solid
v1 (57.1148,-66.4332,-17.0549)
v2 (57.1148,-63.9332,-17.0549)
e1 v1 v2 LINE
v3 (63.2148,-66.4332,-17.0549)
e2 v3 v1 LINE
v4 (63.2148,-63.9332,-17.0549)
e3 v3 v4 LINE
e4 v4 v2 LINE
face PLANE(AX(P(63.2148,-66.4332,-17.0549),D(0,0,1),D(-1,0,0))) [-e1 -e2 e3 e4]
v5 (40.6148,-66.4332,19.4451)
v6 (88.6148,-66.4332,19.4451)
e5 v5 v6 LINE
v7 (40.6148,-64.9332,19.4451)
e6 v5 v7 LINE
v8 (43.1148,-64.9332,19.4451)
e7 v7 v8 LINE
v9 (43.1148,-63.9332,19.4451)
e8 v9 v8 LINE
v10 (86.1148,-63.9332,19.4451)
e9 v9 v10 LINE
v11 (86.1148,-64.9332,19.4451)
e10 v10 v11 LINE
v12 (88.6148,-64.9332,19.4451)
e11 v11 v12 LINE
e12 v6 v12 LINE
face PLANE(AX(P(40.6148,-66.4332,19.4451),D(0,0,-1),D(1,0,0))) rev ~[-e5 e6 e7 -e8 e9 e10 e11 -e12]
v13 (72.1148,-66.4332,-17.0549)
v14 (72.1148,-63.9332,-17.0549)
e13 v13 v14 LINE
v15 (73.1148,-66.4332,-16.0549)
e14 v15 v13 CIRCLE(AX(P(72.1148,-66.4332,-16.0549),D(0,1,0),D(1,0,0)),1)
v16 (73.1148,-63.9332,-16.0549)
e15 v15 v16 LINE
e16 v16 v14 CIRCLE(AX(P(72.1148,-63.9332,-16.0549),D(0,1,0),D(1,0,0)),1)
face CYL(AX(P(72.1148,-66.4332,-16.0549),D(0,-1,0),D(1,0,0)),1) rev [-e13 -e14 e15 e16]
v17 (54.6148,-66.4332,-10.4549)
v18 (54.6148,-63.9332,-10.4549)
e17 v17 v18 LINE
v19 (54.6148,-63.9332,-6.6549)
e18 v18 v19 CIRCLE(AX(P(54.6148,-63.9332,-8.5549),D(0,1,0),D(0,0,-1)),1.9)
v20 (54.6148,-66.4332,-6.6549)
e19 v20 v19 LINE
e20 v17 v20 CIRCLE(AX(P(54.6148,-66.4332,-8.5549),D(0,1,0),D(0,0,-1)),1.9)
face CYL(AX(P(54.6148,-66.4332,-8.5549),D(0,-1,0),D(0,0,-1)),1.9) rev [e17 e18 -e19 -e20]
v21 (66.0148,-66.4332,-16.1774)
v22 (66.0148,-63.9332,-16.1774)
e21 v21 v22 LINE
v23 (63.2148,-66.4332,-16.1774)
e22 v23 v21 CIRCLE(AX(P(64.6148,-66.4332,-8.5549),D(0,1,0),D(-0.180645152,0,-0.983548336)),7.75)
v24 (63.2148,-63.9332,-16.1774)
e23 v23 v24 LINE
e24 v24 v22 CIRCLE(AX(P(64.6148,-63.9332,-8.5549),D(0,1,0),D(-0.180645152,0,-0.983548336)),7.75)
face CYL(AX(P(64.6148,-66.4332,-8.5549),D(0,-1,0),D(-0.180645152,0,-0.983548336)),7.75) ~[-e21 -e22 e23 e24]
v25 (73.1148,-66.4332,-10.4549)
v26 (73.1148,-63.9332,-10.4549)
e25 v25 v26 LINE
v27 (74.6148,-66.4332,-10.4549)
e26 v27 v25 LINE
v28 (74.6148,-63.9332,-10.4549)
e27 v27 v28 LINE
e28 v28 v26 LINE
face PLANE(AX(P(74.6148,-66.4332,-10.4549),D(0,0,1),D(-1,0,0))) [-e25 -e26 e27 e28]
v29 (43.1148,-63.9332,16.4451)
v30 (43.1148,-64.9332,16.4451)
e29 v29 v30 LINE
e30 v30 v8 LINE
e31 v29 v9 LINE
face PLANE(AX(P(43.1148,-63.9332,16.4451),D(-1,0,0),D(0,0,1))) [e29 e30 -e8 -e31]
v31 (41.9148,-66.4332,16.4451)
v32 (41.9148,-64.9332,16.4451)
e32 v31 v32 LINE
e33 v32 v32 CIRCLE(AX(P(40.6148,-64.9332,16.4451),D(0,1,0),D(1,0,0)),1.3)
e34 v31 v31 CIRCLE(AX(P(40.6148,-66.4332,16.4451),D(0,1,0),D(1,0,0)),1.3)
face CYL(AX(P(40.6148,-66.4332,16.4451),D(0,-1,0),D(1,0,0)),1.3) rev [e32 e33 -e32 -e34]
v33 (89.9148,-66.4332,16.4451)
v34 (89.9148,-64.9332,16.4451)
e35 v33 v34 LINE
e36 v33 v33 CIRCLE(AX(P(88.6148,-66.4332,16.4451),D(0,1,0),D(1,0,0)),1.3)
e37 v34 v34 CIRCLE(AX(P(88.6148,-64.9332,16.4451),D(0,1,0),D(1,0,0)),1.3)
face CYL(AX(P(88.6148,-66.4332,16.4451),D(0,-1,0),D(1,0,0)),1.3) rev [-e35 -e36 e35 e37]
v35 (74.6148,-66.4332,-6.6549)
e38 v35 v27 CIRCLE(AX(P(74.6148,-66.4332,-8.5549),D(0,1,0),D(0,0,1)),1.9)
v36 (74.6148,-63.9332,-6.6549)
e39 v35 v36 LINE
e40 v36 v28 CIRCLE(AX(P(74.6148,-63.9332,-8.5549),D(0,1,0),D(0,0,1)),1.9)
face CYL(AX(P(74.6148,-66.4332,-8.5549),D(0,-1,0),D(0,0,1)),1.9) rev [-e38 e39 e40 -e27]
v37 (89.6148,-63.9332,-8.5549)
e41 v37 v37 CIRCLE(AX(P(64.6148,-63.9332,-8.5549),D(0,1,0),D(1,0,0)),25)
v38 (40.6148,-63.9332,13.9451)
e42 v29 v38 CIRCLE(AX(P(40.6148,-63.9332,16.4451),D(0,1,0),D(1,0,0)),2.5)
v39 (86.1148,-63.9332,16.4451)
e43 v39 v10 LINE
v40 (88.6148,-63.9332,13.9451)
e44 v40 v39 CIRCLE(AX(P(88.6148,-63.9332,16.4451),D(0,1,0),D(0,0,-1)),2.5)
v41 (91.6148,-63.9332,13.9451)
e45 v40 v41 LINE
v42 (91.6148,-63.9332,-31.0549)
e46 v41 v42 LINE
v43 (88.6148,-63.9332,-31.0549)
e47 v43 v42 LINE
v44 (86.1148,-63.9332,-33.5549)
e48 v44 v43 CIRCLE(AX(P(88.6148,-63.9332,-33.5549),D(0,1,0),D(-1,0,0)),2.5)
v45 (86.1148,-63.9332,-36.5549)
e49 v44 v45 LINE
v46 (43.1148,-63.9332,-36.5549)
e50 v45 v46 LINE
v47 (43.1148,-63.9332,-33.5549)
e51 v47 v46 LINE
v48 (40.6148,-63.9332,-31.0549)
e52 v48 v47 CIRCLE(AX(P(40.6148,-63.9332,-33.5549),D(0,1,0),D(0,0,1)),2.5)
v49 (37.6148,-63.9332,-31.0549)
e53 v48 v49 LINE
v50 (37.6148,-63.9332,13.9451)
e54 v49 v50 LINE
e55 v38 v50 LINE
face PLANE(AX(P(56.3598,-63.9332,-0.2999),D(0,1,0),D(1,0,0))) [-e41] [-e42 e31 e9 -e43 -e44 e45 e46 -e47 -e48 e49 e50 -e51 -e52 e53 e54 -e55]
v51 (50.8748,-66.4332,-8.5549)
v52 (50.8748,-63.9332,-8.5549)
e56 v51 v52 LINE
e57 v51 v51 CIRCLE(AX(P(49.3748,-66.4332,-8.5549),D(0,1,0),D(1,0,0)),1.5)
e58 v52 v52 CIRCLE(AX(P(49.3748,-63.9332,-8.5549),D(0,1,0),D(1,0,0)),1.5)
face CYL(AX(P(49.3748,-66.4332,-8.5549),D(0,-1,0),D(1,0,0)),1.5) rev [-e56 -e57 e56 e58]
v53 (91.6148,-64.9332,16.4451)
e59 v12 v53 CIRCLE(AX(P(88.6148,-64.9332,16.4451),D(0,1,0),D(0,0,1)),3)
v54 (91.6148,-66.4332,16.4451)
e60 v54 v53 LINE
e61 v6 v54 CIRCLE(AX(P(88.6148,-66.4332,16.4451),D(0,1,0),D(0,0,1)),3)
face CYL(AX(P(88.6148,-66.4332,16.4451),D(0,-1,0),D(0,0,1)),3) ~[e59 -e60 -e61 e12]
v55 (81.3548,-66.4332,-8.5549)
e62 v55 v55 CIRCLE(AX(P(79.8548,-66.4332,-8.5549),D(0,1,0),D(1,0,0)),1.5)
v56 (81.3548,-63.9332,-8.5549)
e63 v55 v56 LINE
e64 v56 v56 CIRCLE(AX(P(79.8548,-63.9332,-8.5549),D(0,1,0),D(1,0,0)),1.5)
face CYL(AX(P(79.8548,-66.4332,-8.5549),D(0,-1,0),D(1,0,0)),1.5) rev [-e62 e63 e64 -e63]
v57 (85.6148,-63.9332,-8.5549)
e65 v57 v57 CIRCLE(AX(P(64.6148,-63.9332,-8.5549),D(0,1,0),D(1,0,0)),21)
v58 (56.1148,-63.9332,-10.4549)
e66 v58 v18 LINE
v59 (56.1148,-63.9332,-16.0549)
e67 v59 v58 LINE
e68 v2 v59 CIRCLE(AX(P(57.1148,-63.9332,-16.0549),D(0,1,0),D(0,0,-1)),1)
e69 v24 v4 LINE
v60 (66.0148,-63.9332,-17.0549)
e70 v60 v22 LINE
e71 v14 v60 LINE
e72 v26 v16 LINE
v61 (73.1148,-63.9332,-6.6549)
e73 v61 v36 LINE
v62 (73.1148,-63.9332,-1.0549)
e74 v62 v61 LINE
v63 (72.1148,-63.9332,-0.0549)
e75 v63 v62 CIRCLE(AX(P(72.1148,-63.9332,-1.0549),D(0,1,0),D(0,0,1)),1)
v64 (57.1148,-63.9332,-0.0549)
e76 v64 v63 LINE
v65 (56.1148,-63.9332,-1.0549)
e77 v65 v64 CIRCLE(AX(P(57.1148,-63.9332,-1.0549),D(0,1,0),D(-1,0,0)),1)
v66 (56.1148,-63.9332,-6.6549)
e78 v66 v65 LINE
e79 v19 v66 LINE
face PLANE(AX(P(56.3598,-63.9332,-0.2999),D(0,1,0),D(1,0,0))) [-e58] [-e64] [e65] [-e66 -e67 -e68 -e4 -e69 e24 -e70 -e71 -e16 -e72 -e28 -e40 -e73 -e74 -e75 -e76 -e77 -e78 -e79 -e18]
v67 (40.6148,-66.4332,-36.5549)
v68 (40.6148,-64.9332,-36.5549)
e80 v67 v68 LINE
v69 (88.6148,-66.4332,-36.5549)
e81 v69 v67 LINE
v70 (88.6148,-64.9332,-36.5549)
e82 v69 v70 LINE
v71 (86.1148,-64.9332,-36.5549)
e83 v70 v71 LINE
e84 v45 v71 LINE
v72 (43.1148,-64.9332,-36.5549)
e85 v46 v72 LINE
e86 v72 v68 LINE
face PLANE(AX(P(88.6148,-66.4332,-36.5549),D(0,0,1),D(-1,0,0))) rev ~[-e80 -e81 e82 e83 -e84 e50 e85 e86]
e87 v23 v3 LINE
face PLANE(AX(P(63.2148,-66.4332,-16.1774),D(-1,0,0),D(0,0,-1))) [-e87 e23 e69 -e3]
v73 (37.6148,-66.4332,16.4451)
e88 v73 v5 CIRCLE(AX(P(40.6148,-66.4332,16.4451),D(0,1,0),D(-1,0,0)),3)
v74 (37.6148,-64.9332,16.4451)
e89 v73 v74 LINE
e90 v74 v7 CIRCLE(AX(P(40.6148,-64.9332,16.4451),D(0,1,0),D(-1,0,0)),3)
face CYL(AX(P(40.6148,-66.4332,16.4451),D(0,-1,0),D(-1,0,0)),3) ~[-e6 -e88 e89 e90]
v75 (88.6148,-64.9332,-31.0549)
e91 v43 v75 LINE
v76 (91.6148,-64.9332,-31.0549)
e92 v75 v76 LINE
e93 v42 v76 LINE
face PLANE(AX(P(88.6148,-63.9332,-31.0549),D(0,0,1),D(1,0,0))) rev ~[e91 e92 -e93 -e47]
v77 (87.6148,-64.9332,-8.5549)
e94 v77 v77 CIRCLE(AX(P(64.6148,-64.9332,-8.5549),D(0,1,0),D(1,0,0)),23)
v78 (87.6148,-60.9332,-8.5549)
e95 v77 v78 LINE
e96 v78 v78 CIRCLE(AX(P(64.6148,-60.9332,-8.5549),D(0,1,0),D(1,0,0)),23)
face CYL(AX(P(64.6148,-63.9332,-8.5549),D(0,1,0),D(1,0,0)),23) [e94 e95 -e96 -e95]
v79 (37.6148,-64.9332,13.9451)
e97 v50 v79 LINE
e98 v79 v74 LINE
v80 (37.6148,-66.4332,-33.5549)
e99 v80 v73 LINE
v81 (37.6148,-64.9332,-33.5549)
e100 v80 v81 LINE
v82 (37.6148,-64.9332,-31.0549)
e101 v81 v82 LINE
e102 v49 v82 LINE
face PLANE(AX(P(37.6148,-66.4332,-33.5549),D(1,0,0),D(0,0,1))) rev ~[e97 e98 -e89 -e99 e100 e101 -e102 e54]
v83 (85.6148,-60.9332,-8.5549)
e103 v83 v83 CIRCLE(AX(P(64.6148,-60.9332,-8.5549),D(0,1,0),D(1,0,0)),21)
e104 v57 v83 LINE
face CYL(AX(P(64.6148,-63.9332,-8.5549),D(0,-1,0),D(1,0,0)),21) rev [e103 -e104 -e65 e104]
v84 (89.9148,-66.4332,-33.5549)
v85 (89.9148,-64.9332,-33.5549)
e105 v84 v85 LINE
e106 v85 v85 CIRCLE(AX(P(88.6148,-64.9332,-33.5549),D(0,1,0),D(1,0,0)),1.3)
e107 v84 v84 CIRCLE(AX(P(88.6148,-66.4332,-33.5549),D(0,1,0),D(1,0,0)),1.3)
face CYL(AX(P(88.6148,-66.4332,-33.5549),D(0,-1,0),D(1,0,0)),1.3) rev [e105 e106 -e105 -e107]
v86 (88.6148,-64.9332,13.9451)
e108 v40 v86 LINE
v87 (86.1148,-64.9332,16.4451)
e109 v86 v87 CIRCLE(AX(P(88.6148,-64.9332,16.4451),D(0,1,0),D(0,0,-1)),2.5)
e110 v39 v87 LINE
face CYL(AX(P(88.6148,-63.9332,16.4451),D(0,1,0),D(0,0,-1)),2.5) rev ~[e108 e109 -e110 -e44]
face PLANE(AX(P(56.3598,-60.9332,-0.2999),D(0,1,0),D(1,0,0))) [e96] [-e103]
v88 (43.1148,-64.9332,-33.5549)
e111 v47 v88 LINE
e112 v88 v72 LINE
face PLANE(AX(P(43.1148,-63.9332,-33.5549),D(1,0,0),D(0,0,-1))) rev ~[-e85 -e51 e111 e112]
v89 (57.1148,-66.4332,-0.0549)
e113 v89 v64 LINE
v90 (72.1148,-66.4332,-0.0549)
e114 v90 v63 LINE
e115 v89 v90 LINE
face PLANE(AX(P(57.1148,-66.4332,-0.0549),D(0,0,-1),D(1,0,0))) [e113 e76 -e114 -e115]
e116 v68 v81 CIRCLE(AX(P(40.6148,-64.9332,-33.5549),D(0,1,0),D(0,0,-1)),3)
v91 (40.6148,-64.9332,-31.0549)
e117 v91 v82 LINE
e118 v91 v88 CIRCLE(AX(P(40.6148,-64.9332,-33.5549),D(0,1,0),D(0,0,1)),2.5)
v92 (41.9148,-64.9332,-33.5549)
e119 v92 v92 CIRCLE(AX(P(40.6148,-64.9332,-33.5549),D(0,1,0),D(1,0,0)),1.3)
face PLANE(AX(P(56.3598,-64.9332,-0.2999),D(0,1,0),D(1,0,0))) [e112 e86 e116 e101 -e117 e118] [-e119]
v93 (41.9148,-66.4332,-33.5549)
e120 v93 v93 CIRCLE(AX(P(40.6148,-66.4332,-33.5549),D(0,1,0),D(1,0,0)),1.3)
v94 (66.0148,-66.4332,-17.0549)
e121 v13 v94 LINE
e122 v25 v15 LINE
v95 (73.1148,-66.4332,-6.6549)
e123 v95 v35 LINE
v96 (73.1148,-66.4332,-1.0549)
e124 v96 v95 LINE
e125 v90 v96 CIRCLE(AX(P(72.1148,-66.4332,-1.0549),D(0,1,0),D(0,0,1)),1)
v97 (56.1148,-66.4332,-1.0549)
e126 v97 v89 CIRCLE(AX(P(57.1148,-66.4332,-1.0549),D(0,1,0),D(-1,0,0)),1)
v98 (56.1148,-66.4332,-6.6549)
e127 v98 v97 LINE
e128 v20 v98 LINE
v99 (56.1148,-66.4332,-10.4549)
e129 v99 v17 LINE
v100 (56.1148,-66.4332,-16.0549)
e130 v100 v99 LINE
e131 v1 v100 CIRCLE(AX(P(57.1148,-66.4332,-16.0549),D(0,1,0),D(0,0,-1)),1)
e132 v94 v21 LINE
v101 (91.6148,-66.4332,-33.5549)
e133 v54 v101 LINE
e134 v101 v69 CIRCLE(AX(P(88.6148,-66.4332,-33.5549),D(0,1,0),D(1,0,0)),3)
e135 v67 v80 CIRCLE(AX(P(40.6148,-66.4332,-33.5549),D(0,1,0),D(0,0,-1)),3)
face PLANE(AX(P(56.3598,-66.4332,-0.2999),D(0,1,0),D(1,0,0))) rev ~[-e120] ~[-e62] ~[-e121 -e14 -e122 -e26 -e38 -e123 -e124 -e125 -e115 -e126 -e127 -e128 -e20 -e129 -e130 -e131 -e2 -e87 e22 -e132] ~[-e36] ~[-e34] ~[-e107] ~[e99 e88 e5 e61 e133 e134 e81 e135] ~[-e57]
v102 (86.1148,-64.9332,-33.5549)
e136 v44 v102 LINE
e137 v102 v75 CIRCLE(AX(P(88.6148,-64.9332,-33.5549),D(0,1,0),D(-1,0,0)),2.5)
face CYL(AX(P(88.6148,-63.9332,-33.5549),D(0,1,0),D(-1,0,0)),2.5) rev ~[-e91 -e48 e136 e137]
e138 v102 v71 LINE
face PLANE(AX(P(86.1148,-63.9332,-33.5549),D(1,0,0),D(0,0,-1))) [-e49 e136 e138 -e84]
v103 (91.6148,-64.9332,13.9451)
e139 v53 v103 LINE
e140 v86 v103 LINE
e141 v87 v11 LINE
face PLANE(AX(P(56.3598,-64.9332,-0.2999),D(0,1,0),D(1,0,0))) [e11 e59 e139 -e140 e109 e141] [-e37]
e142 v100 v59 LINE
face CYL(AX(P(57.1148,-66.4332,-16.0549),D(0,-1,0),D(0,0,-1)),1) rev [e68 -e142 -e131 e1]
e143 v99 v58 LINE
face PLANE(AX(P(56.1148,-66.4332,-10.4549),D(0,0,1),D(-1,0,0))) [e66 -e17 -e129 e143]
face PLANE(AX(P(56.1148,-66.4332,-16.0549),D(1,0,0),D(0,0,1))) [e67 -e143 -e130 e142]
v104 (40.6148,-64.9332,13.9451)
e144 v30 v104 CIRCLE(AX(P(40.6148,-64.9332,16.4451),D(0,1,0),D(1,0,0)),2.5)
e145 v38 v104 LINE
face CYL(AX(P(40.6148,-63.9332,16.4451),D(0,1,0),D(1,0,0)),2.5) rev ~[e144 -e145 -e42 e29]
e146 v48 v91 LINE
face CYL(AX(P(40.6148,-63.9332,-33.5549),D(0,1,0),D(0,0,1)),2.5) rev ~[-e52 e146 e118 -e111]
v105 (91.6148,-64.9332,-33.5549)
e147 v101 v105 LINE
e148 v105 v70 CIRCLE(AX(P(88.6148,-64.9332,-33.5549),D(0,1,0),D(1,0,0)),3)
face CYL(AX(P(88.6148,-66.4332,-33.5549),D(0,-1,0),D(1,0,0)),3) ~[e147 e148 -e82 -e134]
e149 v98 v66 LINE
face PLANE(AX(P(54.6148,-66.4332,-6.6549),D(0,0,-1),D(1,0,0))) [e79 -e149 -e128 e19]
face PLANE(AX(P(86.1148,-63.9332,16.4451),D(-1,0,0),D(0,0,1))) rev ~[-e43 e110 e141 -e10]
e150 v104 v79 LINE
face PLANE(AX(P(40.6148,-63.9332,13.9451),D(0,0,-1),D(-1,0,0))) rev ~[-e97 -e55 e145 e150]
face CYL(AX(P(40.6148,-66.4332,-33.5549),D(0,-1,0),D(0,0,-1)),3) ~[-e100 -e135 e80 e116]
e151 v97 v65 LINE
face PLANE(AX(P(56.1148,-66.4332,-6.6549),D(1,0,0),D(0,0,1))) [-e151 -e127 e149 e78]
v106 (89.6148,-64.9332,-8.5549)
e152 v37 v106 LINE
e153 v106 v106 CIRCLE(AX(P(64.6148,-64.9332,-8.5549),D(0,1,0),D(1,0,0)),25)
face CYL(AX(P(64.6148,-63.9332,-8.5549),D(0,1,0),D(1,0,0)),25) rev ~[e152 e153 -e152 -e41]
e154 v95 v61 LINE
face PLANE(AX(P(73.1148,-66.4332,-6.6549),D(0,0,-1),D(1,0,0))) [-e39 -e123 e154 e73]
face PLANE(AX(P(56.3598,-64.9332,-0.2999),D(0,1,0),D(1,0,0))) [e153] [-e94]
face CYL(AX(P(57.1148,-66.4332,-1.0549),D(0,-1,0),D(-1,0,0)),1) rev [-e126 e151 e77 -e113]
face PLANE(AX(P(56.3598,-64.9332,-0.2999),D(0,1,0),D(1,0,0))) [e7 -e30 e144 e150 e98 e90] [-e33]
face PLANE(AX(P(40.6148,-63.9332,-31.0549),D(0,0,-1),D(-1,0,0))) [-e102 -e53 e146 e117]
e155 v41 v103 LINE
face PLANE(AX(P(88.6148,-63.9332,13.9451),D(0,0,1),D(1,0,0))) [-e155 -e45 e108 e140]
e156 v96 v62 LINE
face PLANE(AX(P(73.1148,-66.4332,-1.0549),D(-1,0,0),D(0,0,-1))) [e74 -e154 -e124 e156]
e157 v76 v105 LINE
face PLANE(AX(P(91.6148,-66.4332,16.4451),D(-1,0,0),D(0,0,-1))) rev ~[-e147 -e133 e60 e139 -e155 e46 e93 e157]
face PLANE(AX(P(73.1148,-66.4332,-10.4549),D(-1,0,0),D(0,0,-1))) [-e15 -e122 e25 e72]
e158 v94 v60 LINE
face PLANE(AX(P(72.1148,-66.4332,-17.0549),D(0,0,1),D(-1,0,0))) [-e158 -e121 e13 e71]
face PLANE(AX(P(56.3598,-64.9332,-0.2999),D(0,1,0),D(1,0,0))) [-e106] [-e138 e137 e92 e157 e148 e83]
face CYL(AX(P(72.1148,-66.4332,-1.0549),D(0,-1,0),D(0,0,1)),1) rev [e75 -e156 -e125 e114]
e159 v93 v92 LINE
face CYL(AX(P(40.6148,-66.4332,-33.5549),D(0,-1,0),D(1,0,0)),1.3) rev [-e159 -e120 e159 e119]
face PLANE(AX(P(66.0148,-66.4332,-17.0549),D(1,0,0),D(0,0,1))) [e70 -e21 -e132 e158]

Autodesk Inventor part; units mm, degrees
ref_plane "YZ Plane" through (0, 0, 0) normal (1, 0, 0) x (0, 1, 0)
ref_plane "XZ Plane" through (0, 0, 0) normal (0, 1, 0) x (-1, 0, 0)
ref_plane "XY Plane" through (0, 0, 0) normal (0, 0, 1) x (1, 0, 0)
ref_plane "作業平面1" through (56.3598, -66.4332, -0.2999) normal (0, 1, 0) x (1, 0, 0)
sketch "スケッチ1" plane through (56.3598, -66.4332, -0.2999) normal (0, 1, 0) x (1, 0, 0)
  line L0 (9.655, 16.755) -> (9.655, 15.8775) projected
  arc A0 (6.855, 15.8775) -> (9.655, 15.8775) centre (8.255, 8.255) ccw projected
  line L1 (6.855, 15.8775) -> (6.855, 16.755) projected
  line L2 (6.855, 16.755) -> (0.755, 16.755) projected
  arc A1 (0.755, 16.755) -> (-0.245, 15.755) centre (0.755, 15.755) ccw projected
  line L3 (-0.245, 15.755) -> (-0.245, 10.155) projected
  line L4 (-0.245, 10.155) -> (-1.745, 10.155) projected
  arc A2 (-1.745, 10.155) -> (-1.745, 6.355) centre (-1.745, 8.255) ccw projected
  line L5 (-1.745, 6.355) -> (-0.245, 6.355) projected
  line L6 (-0.245, 6.355) -> (-0.245, 0.755) projected
  arc A3 (-0.245, 0.755) -> (0.755, -0.245) centre (0.755, 0.755) ccw projected
  line L7 (0.755, -0.245) -> (15.755, -0.245) projected
  arc A4 (15.755, -0.245) -> (16.755, 0.755) centre (15.755, 0.755) ccw projected
  line L8 (16.755, 0.755) -> (16.755, 6.355) projected
  line L9 (16.755, 6.355) -> (18.255, 6.355) projected
  arc A5 (18.255, 6.355) -> (18.255, 10.155) centre (18.255, 8.255) ccw projected
  line L10 (18.255, 10.155) -> (16.755, 10.155) projected
  line L11 (16.755, 10.155) -> (16.755, 15.755) projected
  arc A6 (16.755, 15.755) -> (15.755, 16.755) centre (15.755, 15.755) ccw projected
  line L12 (15.755, 16.755) -> (9.655, 16.755) projected
  circle A7 centre (-1.745, 8.255) radius 0.9 projected
  circle A8 centre (18.255, 8.255) radius 0.9 projected
  circle A9 centre (-6.985, 8.255) radius 1.5 projected
  circle A10 centre (23.495, 8.255) radius 1.5 projected
  line L13 (-15.745, -19.745) -> (32.255, -19.745)
  line L14 (35.255, -16.745) -> (35.255, 33.255)
  line L15 (32.255, 36.255) -> (-15.745, 36.255)
  line L16 (-18.745, 33.255) -> (-18.745, -16.745)
  line L17 (-18.745, -19.745) -> (35.255, 36.255) construction
  line L18 (35.255, -19.745) -> (-18.745, 36.255) construction
  line L19 (8.255, 36.255) -> (8.255, -19.745) construction
  line L20 (-18.745, 8.255) -> (35.255, 8.255) construction
  arc A11 (-15.745, 36.255) -> (-18.745, 33.255) centre (-15.745, 33.255) ccw
  arc A12 (35.255, 33.255) -> (32.255, 36.255) centre (32.255, 33.255) ccw
  arc A13 (32.255, -19.745) -> (35.255, -16.745) centre (32.255, -16.745) ccw
  arc A14 (-18.745, -16.745) -> (-15.745, -19.745) centre (-15.745, -16.745) ccw
  circle A15 centre (-15.745, 33.255) radius 1.3
  circle A16 centre (32.255, 33.255) radius 1.3
  circle A17 centre (-15.745, -16.745) radius 1.3
  circle A18 centre (32.255, -16.745) radius 1.3
  circle A19 centre (8.255, 8.255) radius 25
  line L21 (32.255, -16.745) -> (-15.745, -16.745) construction
  line L22 (-15.745, -16.745) -> (-15.745, 33.255) construction
  line L23 (-15.745, 33.255) -> (32.255, 33.255) construction
  line L24 (32.255, 33.255) -> (32.255, -16.745) construction
  line L25 (32.255, -16.745) -> (-15.745, 33.255) construction
  line L26 (-15.745, -16.745) -> (32.255, 33.255) construction
  point P0 (-56.3598, -0.2999)
  dimension "d0" = 3
  dimension "d2" = 54
  dimension "d3" = 2.6
  dimension "d4" = 50
  dimension "d7" = 48
  dimension "d8" = 50
  dimension "d9" = 56
extrude "押し出し1" add sketch "スケッチ1" along normal blind 2.5 contours A14 L16 A11 L15 A12 L14 A13 L13 | A19
sketch "スケッチ2" plane through (56.3598, -63.9332, -0.2999) normal (0, 1, 0) x (1, 0, 0)
  arc A0 (32.255, -19.745) -> (35.255, -16.745) centre (32.255, -16.745) ccw projected
  line L0 (35.255, -16.745) -> (35.255, 33.255) projected
  arc A1 (35.255, 33.255) -> (32.255, 36.255) centre (32.255, 33.255) ccw projected
  line L1 (32.255, 36.255) -> (-15.745, 36.255) projected
  arc A2 (-15.745, 36.255) -> (-18.745, 33.255) centre (-15.745, 33.255) ccw projected
  line L2 (-18.745, 33.255) -> (-18.745, -16.745) projected
  arc A3 (-18.745, -16.745) -> (-15.745, -19.745) centre (-15.745, -16.745) ccw projected
  line L3 (-15.745, -19.745) -> (32.255, -19.745) projected
  arc A4 (6.855, 15.8775) -> (9.655, 15.8775) centre (8.255, 8.255) ccw projected
  line L4 (9.655, 15.8775) -> (9.655, 16.755) projected
  line L5 (9.655, 16.755) -> (15.755, 16.755) projected
  arc A5 (16.755, 15.755) -> (15.755, 16.755) centre (15.755, 15.755) ccw projected
  line L6 (16.755, 15.755) -> (16.755, 10.155) projected
  line L7 (16.755, 10.155) -> (18.255, 10.155) projected
  arc A6 (18.255, 6.355) -> (18.255, 10.155) centre (18.255, 8.255) ccw projected
  line L8 (18.255, 6.355) -> (16.755, 6.355) projected
  line L9 (16.755, 6.355) -> (16.755, 0.755) projected
  arc A7 (15.755, -0.245) -> (16.755, 0.755) centre (15.755, 0.755) ccw projected
  line L10 (15.755, -0.245) -> (0.755, -0.245) projected
  arc A8 (-0.245, 0.755) -> (0.755, -0.245) centre (0.755, 0.755) ccw projected
  line L11 (-0.245, 0.755) -> (-0.245, 6.355) projected
  line L12 (-0.245, 6.355) -> (-1.745, 6.355) projected
  arc A9 (-1.745, 10.155) -> (-1.745, 6.355) centre (-1.745, 8.255) ccw projected
  line L13 (-1.745, 10.155) -> (-0.245, 10.155) projected
  line L14 (-0.245, 10.155) -> (-0.245, 15.755) projected
  arc A10 (0.755, 16.755) -> (-0.245, 15.755) centre (0.755, 15.755) ccw projected
  line L15 (0.755, 16.755) -> (6.855, 16.755) projected
  line L16 (6.855, 16.755) -> (6.855, 15.8775) projected
  circle A11 centre (-6.985, 8.255) radius 1.5 projected
  circle A12 centre (23.495, 8.255) radius 1.5 projected
  circle A13 centre (32.255, -16.745) radius 1.3 projected
  circle A14 centre (-15.745, -16.745) radius 1.3 projected
  circle A15 centre (32.255, 33.255) radius 1.3 projected
  circle A16 centre (-15.745, 33.255) radius 1.3 projected
  circle A17 centre (8.255, 8.255) radius 23
  circle A18 centre (8.255, 8.255) radius 21
  circle A19 centre (8.255, 8.255) radius 25
  arc A20 (-13.245, -16.745) -> (-15.745, -14.245) centre (-15.745, -16.745) ccw
  arc A21 (-15.745, 30.755) -> (-13.245, 33.255) centre (-15.745, 33.255) ccw
  arc A22 (32.255, -14.245) -> (29.755, -16.745) centre (32.255, -16.745) ccw
  arc A23 (29.755, 33.255) -> (32.255, 30.755) centre (32.255, 33.255) ccw
  line L17 (-15.745, -14.245) -> (-18.745, -14.245)
  line L18 (-13.245, -16.745) -> (-13.245, -19.745)
  line L19 (-15.745, 30.755) -> (-18.745, 30.755)
  line L20 (-13.245, 33.255) -> (-13.245, 36.255)
  line L21 (29.755, 33.255) -> (29.755, 36.255)
  line L22 (32.255, 30.755) -> (35.255, 30.755)
  line L23 (32.255, -14.245) -> (35.255, -14.245)
  line L24 (29.755, -16.745) -> (29.755, -19.745)
  line L25 (-18.745, 33.255) -> (-18.745, -16.745) projected
  line L26 (-15.745, -19.745) -> (32.255, -19.745) projected
  line L27 (32.255, 36.255) -> (-15.745, 36.255) projected
  line L28 (35.255, -16.745) -> (35.255, 33.255) projected
  point P0 (-56.3598, -0.2999)
  dimension "d10" = 46
  dimension "d11" = 2
  dimension "d14" = 50
  dimension "d15" = 2.5
extrude "押し出し2" add sketch "スケッチ2" along normal blind 3 contours A17
extrude "押し出し4" cut sketch "スケッチ2" against normal blind 1 contours L3 L24 A22 L23 L0 A0 | L3 A3 L2 L17 A20 L18 | L22 A23 L21 L1 A1 L0 | L2 A2 L1 L20 A21 L19 | A19
properties part number "Camera_Mount"
